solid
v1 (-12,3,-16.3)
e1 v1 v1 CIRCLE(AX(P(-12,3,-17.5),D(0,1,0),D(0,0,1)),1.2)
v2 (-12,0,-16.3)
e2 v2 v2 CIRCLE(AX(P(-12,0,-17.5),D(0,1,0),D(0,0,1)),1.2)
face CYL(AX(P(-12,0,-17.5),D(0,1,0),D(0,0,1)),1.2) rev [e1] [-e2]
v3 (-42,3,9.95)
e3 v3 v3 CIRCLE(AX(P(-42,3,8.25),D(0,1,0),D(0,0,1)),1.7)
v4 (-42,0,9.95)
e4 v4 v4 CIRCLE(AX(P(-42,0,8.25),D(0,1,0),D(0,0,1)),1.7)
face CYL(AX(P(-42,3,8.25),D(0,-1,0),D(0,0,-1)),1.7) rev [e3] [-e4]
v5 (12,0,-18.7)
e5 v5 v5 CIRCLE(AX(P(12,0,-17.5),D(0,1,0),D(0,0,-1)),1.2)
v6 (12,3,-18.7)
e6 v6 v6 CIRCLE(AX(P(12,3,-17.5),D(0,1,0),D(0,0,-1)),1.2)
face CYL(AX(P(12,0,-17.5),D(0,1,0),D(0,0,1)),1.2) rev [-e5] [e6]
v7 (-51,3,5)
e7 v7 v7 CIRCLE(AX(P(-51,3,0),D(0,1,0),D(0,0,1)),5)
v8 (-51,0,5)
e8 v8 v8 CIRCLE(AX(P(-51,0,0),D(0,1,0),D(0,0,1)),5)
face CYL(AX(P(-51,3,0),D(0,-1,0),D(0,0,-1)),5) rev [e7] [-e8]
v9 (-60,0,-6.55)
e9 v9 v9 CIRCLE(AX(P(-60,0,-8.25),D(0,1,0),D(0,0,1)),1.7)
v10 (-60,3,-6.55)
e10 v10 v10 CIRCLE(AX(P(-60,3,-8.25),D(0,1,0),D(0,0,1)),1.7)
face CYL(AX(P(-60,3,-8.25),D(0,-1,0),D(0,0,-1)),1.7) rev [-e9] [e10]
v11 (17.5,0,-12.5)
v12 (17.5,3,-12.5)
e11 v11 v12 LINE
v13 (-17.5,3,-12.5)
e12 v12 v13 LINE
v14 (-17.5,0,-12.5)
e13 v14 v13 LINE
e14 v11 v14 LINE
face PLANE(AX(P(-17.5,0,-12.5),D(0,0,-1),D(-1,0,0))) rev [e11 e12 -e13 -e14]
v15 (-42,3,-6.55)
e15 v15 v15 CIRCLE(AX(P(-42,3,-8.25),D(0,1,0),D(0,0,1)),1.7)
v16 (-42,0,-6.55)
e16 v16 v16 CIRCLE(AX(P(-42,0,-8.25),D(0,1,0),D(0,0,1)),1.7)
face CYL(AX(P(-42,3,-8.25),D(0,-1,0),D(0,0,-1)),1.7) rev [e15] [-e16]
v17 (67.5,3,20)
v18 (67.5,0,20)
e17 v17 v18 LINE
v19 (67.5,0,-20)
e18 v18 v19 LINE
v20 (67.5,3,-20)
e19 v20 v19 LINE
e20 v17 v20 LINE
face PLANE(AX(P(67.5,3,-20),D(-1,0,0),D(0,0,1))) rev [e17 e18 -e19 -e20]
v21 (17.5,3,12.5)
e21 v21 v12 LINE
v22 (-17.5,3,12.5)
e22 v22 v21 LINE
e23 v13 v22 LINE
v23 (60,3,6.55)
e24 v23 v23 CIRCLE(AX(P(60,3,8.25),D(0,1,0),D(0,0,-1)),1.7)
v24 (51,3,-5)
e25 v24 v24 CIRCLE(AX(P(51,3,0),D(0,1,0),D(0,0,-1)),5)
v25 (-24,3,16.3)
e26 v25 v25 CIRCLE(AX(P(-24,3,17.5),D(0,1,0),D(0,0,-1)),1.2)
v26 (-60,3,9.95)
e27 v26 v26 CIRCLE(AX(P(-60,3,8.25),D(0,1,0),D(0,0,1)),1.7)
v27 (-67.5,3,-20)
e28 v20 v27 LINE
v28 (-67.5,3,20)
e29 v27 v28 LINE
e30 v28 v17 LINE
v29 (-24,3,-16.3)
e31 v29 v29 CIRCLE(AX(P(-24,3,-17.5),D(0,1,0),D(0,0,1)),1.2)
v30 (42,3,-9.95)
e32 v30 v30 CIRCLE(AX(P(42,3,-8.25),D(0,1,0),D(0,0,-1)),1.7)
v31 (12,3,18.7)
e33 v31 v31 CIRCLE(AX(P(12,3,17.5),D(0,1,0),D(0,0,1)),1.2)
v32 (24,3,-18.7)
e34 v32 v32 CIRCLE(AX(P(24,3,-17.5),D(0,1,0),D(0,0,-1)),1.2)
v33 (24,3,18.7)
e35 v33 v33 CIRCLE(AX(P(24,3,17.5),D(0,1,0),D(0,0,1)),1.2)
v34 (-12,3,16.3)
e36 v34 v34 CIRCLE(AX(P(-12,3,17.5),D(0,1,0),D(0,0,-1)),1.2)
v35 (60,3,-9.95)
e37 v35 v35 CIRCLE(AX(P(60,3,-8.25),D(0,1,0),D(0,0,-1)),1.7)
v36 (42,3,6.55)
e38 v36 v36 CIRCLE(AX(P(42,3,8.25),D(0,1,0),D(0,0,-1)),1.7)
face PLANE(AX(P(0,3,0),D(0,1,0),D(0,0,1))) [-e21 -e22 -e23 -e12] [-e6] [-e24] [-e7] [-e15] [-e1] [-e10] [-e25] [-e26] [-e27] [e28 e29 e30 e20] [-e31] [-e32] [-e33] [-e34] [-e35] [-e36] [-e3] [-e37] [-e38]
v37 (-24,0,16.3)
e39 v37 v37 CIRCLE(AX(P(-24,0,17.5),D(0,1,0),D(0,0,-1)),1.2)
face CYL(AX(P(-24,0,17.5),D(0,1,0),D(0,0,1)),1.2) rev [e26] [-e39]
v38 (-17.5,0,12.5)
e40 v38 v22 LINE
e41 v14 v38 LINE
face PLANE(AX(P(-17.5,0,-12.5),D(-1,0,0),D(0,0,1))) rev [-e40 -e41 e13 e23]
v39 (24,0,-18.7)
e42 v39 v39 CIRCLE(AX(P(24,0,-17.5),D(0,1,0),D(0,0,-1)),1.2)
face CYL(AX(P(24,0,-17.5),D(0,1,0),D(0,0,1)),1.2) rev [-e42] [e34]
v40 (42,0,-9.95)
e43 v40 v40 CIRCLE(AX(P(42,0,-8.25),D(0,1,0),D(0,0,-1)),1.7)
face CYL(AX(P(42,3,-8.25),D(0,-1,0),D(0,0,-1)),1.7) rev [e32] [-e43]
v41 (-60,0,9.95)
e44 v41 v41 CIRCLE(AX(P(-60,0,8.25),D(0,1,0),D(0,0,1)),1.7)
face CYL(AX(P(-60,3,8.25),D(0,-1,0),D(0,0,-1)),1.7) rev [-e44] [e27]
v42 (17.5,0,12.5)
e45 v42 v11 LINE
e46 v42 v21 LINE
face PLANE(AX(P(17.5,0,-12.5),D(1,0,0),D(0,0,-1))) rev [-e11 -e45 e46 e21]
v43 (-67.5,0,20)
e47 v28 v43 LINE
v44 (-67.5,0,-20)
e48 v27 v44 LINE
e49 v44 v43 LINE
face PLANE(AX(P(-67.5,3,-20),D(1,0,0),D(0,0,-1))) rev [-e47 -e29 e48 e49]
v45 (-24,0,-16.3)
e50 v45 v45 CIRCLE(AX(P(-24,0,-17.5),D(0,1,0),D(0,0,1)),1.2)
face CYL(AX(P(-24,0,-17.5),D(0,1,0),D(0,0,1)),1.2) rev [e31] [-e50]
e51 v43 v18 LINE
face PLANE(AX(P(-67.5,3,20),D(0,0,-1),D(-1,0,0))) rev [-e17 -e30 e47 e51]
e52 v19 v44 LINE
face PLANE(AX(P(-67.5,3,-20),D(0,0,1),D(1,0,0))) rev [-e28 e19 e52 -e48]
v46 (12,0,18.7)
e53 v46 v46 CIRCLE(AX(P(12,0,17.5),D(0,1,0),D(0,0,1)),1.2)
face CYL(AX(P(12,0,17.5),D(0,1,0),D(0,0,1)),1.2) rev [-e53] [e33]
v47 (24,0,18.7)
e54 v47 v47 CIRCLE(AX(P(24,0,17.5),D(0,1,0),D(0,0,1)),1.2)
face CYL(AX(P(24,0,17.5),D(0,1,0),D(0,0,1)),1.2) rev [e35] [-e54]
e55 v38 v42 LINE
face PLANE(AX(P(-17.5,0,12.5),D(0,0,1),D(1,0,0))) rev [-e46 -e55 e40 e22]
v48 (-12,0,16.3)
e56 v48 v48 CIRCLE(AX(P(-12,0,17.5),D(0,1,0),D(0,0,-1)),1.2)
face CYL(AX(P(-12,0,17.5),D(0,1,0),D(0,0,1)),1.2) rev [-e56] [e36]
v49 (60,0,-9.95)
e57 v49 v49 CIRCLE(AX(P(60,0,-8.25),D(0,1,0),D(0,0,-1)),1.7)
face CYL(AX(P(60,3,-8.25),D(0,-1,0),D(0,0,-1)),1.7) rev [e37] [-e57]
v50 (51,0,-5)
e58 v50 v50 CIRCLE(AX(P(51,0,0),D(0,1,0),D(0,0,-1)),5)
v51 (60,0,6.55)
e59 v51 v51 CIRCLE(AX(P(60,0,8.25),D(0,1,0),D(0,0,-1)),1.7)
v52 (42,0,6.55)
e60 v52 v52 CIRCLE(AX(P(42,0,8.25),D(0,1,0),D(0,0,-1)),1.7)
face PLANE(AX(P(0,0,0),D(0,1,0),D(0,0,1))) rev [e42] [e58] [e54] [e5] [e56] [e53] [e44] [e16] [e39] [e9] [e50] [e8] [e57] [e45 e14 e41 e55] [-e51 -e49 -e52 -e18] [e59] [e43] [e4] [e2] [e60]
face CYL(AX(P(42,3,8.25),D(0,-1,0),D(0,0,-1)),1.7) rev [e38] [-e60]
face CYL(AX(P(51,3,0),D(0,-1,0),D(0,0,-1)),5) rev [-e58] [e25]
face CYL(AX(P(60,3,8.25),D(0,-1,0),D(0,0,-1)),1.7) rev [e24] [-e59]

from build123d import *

# Parameters (mm, degrees)
SKETCH1_W           = 135
SKETCH1_H           = 40
SKETCH1_R           = 5
SKETCH1_R_2         = 1.7
SKETCH1_W_2         = 10
SKETCH1_H_2         = 20
BOSS_EXTRUDE1_DEPTH = 3
SKETCH3_R           = 1.2
CUT_EXTRUDE1_DEPTH  = 71.464530084
SKETCH4_W           = 35
SKETCH4_H           = 25
CUT_EXTRUDE2_DEPTH  = 71.464530084


with BuildPart() as part:
    # Sketch1 → Boss-Extrude1 (new body)
    with BuildSketch(Plane(origin=(0, 0, 0), x_dir=(1, 0, 0), z_dir=(0, 1, 0))):
        Rectangle(SKETCH1_W, SKETCH1_H)
        with Locations(Location((-51, 0, 0), (0, 0, 270))):
            Circle(SKETCH1_R, mode=Mode.SUBTRACT)
        with Locations(Location((-60, 8.25, 0), (0, 0, 270))):
            Circle(SKETCH1_R_2, mode=Mode.SUBTRACT)
        with Locations(Location((-42, 8.25, 0), (0, 0, 270))):
            Circle(SKETCH1_R_2, mode=Mode.SUBTRACT)
        with Locations(Location((-42, -8.25, 0), (0, 0, 270))):
            Circle(SKETCH1_R_2, mode=Mode.SUBTRACT)
        with Locations(Location((-60, -8.25, 0), (0, 0, 270))):
            Circle(SKETCH1_R_2, mode=Mode.SUBTRACT)
        with Locations(Location((51, 0, 0), (0, 0, 90))):
            Circle(SKETCH1_R, mode=Mode.SUBTRACT)
        with Locations(Location((42, 8.25, 0), (0, 0, 90))):
            Circle(SKETCH1_R_2, mode=Mode.SUBTRACT)
        with Locations(Location((42, -8.25, 0), (0, 0, 90))):
            Circle(SKETCH1_R_2, mode=Mode.SUBTRACT)
        with Locations(Location((60, -8.25, 0), (0, 0, 90))):
            Circle(SKETCH1_R_2, mode=Mode.SUBTRACT)
        with Locations(Location((60, 8.25, 0), (0, 0, 90))):
            Circle(SKETCH1_R_2, mode=Mode.SUBTRACT)
        Rectangle(SKETCH1_W_2, SKETCH1_H_2, mode=Mode.SUBTRACT)
    extrude(amount=BOSS_EXTRUDE1_DEPTH)

    # Sketch3 → Cut-Extrude1 (cut, through all)
    with BuildSketch(Plane(origin=(0, 3, 0), x_dir=(1, 0, 0), z_dir=(0, 1, 0))):
        with Locations(Location((-12, 17.5, 0), (0, 0, 270))):
            Circle(SKETCH3_R)
        with Locations(Location((-12, -17.5, 0), (0, 0, 90))):
            Circle(SKETCH3_R)
        with Locations(Location((-24, 17.5, 0), (0, 0, 270))):
            Circle(SKETCH3_R)
        with Locations(Location((-24, -17.5, 0), (0, 0, 90))):
            Circle(SKETCH3_R)
        with Locations(Location((24, -17.5, 0), (0, 0, 270))):
            Circle(SKETCH3_R)
        with Locations(Location((24, 17.5, 0), (0, 0, 90))):
            Circle(SKETCH3_R)
        with Locations(Location((12, -17.5, 0), (0, 0, 270))):
            Circle(SKETCH3_R)
        with Locations(Location((12, 17.5, 0), (0, 0, 90))):
            Circle(SKETCH3_R)
    extrude(amount=-CUT_EXTRUDE1_DEPTH, mode=Mode.SUBTRACT)

    # Sketch4 → Cut-Extrude2 (cut, through all)
    with BuildSketch(Plane(origin=(0, 3, 0), x_dir=(1, 0, 0), z_dir=(0, 1, 0))):
        Rectangle(SKETCH4_W, SKETCH4_H)
    extrude(amount=-CUT_EXTRUDE2_DEPTH, mode=Mode.SUBTRACT)


solid = part.part
